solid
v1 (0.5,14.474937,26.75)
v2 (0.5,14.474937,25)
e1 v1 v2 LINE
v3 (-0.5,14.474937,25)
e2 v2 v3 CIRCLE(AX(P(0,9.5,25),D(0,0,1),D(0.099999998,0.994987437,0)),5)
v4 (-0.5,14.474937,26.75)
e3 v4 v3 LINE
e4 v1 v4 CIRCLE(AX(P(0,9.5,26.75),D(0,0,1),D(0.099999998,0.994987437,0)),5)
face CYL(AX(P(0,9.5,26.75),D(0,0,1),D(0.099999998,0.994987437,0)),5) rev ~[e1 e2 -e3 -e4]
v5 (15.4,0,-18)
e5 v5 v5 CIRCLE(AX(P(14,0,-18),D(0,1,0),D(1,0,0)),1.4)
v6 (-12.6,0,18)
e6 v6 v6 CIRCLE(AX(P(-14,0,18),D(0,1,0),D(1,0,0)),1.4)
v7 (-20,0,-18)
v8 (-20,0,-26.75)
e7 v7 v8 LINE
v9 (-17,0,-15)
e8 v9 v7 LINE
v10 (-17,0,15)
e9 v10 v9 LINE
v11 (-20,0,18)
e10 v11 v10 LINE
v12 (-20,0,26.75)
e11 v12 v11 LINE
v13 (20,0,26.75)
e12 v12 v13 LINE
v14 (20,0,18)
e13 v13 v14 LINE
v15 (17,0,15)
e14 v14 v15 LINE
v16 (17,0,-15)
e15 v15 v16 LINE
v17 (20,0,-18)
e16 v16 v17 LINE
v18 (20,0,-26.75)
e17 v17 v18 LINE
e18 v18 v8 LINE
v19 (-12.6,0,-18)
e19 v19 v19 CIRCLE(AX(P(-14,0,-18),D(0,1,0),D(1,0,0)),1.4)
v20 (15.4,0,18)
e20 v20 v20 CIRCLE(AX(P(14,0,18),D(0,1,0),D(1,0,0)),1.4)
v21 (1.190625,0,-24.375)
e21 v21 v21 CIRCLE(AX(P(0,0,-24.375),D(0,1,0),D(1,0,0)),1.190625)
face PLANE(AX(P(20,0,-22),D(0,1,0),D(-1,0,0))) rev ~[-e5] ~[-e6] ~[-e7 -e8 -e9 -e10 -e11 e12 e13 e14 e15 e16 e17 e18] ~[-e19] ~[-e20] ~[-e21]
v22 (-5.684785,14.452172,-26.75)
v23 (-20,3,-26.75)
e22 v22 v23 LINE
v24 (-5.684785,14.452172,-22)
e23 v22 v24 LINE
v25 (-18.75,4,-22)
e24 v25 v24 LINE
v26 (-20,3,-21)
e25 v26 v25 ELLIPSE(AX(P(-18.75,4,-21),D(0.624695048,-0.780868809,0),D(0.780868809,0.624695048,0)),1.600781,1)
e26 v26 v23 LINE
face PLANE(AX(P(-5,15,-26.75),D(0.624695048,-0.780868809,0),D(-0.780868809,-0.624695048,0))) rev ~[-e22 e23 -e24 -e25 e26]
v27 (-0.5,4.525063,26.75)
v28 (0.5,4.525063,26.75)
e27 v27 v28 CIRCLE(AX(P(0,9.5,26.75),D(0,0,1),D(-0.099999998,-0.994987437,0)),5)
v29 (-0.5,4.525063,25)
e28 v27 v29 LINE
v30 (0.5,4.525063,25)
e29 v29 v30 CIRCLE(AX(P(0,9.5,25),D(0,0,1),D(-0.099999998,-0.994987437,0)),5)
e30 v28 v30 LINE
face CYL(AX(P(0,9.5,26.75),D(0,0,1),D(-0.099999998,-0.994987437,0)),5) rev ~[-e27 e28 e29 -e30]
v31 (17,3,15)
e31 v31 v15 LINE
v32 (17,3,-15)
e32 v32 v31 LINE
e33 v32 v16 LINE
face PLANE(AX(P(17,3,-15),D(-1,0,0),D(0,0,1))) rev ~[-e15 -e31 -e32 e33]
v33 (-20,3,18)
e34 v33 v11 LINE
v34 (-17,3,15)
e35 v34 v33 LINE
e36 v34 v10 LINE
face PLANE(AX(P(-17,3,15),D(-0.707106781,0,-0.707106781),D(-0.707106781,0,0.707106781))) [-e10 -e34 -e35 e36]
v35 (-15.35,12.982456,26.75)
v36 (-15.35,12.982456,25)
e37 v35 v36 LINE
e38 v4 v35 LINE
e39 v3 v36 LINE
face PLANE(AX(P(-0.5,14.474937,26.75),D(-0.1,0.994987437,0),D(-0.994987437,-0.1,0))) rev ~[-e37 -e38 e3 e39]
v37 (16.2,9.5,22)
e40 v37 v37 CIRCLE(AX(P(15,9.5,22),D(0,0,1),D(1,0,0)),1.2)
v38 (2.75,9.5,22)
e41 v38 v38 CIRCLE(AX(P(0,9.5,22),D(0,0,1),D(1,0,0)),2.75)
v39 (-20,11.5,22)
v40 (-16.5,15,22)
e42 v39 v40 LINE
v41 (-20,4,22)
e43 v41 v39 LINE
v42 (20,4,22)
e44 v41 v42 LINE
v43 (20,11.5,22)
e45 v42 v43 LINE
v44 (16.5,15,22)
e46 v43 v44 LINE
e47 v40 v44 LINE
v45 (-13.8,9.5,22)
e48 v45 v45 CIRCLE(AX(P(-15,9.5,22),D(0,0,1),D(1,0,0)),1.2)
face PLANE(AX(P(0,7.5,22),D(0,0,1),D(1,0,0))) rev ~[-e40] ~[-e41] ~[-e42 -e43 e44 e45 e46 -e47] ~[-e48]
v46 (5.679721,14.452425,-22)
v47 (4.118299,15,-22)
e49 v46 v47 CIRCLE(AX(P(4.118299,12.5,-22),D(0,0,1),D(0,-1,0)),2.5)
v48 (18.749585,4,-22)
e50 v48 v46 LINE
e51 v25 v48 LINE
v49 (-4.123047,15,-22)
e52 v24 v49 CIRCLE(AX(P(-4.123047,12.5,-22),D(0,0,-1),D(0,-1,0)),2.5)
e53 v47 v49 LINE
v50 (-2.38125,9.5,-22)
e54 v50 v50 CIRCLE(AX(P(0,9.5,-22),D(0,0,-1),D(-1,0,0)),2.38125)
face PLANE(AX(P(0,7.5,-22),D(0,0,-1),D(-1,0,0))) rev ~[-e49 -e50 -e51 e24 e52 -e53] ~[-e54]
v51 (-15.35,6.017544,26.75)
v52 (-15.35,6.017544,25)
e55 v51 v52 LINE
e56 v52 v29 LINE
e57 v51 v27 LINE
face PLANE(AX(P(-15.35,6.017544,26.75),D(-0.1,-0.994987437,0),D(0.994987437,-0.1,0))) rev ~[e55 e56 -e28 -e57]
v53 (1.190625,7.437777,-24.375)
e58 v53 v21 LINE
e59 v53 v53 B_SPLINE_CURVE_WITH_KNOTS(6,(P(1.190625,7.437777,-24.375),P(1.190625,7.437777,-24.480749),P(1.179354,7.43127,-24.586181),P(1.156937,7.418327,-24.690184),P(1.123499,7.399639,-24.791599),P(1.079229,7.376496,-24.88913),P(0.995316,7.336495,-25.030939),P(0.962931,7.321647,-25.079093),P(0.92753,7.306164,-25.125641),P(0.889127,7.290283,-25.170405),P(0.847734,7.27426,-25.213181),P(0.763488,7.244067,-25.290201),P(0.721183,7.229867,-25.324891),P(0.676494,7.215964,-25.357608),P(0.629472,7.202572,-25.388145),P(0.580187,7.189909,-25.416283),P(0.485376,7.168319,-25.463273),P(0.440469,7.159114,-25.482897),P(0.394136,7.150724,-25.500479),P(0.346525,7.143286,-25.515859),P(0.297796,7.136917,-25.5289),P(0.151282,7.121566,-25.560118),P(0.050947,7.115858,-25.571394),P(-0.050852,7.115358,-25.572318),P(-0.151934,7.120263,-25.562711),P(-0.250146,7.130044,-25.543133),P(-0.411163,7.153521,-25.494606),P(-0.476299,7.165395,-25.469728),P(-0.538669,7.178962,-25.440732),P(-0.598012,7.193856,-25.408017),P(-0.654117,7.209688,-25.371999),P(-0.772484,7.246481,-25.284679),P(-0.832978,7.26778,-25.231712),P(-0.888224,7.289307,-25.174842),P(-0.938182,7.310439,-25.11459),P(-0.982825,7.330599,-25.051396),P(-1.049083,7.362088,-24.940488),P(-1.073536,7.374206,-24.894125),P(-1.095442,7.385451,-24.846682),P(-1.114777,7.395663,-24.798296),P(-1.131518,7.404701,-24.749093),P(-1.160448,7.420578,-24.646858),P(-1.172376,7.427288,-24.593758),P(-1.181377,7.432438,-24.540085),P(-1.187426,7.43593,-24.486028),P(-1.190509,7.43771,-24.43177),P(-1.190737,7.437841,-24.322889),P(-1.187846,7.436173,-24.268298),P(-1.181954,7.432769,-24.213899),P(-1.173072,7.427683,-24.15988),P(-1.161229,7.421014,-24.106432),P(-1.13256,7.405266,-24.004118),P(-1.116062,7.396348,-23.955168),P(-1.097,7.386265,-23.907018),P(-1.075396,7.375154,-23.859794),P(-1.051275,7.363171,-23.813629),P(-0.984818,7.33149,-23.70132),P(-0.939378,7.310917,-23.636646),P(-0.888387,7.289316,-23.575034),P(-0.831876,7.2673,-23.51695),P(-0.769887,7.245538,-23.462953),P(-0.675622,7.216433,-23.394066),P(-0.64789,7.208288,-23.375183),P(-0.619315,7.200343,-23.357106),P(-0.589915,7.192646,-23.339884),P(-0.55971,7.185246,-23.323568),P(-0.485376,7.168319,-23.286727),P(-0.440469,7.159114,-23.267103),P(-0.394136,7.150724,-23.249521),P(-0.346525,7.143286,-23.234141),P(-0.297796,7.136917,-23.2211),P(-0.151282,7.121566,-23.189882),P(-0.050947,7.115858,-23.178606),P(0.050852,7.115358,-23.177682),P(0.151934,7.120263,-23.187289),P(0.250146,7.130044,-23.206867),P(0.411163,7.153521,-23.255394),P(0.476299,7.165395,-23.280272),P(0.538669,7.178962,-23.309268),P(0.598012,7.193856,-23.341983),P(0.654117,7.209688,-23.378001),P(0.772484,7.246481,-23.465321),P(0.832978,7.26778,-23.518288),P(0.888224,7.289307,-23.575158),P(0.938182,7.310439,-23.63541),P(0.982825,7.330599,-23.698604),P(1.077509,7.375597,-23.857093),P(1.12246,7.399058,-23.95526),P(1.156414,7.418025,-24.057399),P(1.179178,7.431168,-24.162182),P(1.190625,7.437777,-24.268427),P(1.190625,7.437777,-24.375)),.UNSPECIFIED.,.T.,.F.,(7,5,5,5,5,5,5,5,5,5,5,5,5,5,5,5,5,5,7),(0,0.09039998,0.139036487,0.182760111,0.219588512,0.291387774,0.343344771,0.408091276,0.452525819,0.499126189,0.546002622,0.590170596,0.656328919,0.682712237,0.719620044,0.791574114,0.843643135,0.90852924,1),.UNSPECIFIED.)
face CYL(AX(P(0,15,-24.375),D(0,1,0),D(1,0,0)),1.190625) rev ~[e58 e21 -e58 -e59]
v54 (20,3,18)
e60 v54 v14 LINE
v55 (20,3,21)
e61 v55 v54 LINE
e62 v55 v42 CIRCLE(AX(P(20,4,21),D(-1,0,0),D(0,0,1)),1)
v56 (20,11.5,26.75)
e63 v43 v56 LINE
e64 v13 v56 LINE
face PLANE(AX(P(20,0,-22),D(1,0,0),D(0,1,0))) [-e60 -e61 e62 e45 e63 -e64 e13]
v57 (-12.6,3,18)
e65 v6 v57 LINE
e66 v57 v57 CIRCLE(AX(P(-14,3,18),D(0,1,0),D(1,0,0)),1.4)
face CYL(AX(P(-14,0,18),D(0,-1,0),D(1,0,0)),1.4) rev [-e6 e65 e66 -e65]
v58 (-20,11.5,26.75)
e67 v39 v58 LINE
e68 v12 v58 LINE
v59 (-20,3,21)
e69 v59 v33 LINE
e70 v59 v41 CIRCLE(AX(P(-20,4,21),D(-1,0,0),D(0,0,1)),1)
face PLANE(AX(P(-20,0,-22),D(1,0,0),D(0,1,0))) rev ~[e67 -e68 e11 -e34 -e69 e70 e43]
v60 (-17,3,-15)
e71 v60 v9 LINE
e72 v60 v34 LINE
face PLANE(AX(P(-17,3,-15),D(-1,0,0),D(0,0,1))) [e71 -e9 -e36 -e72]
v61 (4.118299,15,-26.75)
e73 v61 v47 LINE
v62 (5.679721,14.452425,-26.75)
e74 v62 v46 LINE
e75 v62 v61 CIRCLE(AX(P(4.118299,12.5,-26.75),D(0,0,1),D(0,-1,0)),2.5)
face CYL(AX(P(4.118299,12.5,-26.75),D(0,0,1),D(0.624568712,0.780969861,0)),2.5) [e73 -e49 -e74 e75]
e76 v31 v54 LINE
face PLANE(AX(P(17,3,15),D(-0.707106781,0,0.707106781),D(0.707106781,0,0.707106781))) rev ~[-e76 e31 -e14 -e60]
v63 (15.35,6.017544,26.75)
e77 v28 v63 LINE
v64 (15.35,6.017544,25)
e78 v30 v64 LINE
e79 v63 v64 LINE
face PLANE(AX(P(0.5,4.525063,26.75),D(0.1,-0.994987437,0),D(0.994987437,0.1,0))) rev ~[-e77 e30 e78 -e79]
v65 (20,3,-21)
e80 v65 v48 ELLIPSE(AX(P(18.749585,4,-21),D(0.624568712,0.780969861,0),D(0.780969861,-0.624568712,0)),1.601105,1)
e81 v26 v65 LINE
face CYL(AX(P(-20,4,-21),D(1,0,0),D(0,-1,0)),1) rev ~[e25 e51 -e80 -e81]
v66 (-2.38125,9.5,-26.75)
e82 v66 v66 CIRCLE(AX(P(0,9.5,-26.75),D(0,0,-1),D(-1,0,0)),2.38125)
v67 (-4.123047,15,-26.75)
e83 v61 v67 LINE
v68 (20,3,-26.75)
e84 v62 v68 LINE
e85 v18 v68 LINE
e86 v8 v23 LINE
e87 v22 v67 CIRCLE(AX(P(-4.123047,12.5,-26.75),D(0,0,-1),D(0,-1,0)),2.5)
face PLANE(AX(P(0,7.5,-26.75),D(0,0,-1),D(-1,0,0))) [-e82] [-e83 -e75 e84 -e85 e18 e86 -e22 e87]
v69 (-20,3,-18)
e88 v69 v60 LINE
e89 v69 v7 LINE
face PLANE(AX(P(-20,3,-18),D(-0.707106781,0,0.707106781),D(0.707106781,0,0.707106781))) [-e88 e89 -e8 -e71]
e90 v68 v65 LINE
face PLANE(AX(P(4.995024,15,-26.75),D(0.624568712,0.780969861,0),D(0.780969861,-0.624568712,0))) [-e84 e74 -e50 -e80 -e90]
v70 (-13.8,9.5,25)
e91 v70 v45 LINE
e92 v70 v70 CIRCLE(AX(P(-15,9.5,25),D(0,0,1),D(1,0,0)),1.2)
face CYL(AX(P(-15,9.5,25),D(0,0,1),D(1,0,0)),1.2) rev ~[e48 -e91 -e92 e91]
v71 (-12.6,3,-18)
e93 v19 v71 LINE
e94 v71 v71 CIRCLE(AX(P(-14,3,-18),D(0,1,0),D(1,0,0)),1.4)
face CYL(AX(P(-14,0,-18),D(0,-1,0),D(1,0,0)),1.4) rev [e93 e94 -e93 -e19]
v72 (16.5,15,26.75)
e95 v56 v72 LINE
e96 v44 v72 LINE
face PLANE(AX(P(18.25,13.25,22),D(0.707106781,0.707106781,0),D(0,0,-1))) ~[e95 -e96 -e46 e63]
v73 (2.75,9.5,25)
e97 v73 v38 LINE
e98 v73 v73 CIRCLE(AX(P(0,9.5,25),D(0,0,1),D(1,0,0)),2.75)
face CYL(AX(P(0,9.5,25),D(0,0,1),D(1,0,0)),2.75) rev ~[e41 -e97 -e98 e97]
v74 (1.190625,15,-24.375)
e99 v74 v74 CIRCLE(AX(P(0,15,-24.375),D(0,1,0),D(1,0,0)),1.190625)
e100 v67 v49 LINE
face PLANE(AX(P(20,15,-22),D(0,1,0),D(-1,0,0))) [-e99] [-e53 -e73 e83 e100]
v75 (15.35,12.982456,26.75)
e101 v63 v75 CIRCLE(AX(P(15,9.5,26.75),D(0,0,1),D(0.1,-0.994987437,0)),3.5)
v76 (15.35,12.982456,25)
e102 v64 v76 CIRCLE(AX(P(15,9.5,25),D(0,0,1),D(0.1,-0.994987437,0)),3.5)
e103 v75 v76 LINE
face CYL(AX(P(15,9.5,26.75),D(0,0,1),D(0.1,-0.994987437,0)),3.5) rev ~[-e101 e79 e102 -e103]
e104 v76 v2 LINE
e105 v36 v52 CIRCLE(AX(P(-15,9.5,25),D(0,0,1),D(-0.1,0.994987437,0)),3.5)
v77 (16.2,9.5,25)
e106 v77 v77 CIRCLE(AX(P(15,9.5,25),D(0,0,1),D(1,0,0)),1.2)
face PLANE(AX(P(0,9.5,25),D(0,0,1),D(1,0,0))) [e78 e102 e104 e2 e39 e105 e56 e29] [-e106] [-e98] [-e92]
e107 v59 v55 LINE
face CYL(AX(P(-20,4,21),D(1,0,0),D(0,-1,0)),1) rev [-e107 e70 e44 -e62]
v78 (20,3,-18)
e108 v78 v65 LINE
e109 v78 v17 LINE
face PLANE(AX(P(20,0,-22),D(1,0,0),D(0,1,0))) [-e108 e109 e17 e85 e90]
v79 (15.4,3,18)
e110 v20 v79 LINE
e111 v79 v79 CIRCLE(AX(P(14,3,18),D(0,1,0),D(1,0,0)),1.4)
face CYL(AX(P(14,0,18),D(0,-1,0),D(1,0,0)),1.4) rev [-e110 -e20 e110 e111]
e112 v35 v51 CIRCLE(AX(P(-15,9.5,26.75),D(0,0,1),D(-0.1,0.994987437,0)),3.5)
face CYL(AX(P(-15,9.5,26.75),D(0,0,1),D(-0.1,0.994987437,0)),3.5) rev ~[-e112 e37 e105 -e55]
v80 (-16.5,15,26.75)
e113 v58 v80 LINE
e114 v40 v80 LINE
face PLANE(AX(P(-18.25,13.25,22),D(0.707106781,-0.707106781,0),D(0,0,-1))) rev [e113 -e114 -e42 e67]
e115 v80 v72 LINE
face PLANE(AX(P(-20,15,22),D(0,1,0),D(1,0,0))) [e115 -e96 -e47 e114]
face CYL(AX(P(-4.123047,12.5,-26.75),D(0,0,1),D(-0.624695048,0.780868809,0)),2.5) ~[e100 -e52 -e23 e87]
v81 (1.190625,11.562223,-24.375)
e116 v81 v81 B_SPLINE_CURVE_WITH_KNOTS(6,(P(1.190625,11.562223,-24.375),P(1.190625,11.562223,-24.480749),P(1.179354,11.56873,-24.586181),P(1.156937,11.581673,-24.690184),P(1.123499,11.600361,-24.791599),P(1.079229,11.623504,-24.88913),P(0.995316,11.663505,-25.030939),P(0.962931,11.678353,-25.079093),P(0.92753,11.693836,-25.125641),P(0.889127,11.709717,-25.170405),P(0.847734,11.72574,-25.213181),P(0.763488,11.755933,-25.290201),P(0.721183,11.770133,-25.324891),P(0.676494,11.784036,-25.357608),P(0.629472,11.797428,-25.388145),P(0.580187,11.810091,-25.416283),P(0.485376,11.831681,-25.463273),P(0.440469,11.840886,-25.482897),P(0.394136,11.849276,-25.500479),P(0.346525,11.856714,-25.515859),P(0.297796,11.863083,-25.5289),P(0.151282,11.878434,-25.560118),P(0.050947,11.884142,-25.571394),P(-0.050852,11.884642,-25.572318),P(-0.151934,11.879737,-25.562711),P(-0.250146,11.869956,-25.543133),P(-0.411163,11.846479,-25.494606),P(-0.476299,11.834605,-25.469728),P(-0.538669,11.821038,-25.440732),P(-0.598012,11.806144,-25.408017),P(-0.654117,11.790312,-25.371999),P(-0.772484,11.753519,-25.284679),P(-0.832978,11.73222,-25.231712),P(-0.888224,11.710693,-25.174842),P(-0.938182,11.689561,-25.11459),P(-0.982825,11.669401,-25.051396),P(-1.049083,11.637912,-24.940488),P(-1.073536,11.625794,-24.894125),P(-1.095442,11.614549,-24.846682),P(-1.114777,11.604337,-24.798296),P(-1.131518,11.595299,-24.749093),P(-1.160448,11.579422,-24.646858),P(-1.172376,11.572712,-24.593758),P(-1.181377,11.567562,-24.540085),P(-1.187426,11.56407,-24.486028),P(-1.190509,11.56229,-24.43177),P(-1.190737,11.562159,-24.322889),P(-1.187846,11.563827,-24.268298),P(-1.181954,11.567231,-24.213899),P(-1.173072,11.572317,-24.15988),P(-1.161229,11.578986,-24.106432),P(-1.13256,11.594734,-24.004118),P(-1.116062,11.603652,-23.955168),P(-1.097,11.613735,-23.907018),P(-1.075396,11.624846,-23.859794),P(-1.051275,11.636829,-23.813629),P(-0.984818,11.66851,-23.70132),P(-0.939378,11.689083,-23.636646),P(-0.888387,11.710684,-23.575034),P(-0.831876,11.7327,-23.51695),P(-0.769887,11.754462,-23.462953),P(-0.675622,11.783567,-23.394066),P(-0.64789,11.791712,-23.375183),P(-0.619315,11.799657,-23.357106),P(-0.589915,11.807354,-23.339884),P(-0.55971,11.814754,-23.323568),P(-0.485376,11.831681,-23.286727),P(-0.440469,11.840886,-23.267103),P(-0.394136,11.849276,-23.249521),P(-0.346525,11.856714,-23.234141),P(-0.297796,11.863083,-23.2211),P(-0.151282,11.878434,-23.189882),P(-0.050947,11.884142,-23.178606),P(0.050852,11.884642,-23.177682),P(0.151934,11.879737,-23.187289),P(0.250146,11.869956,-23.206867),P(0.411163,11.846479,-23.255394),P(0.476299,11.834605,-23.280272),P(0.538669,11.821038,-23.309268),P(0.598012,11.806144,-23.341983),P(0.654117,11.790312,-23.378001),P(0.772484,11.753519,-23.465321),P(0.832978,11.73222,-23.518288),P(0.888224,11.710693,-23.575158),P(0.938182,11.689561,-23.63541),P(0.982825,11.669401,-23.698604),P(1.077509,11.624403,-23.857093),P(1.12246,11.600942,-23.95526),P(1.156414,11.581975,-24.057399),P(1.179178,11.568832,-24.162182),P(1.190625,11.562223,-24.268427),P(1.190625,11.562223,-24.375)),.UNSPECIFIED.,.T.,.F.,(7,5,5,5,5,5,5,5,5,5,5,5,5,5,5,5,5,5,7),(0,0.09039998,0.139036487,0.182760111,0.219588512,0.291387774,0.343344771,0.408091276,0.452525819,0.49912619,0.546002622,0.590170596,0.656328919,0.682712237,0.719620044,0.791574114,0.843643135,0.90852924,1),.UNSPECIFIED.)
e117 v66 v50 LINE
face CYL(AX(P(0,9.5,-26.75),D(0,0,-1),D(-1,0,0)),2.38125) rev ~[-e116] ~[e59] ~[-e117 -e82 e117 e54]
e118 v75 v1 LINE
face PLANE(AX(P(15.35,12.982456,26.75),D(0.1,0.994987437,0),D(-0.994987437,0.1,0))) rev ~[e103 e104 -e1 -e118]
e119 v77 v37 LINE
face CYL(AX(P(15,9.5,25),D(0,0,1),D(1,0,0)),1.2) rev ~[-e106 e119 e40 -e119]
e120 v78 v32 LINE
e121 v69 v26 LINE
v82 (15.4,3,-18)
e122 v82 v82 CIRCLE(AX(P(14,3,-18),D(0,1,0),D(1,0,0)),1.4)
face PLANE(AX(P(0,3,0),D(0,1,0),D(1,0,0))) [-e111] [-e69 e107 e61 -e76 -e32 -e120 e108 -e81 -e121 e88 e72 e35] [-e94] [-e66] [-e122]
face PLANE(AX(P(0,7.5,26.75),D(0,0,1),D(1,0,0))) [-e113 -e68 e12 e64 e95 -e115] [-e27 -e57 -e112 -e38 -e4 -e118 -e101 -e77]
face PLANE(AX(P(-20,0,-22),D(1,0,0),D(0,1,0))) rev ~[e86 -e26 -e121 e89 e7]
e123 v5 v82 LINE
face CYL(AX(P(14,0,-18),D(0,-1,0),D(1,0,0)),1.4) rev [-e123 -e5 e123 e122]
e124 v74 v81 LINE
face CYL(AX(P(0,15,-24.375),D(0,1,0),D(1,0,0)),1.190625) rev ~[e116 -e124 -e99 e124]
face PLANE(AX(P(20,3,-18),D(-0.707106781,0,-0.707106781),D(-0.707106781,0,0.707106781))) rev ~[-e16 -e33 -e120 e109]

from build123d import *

# Parameters (mm, degrees)
SKETCH1_W           = 40
SKETCH1_H           = 44
SKETCH1_R           = 1.4
BOSS_EXTRUDE1_DEPTH = 3
SKETCH2_W           = 40
SKETCH2_H           = 15
BOSS_EXTRUDE2_DEPTH = 4.75
SKETCH3_W           = 40
SKETCH3_H           = 15
BOSS_EXTRUDE3_DEPTH = 4.75
CUT_EXTRUDE1_DEPTH  = 1.75
CUT_EXTRUDE2_REACH  = 53.75
SKETCH5_R           = 1.2
SKETCH5_R_2         = 2.75
CUT_EXTRUDE3_REACH  = 55.5
SKETCH6_R           = 2.38125
SKETCH7_R           = 1.190625
CUT_EXTRUDE4_DEPTH  = 16
CUT_EXTRUDE5_REACH  = 5
CUT_EXTRUDE6_REACH  = 55.5
FILLET1_R           = 1
CHAMFER1_SIZE       = 3.5
FILLET2_R           = 2.5


with BuildPart() as part:
    # Sketch1 → Boss-Extrude1 (new body)
    with BuildSketch(Plane(origin=(0, 0, 0), x_dir=(1, 0, 0), z_dir=(0, 1, 0))):
        Rectangle(SKETCH1_W, SKETCH1_H)
        with Locations((-14, 18)):
            Circle(SKETCH1_R, mode=Mode.SUBTRACT)
        with Locations((14, 18)):
            Circle(SKETCH1_R, mode=Mode.SUBTRACT)
        with Locations((-14, -18)):
            Circle(SKETCH1_R, mode=Mode.SUBTRACT)
        with Locations((14, -18)):
            Circle(SKETCH1_R, mode=Mode.SUBTRACT)
    extrude(amount=BOSS_EXTRUDE1_DEPTH)

    # Sketch2 → Boss-Extrude2 (add)
    with BuildSketch(Plane.XY.offset(22)):
        with Locations((0, 7.5)):
            Rectangle(SKETCH2_W, SKETCH2_H)
    extrude(amount=BOSS_EXTRUDE2_DEPTH)

    # Sketch3 → Boss-Extrude3 (add)
    with BuildSketch(Plane(origin=(0, 0, -22), x_dir=(-1, 0, 0), z_dir=(0, 0, -1))):
        with Locations((0, 7.5)):
            Rectangle(SKETCH3_W, SKETCH3_H)
    extrude(amount=BOSS_EXTRUDE3_DEPTH)

    # Sketch4 → Cut-Extrude1 (cut)
    with BuildSketch(Plane.XY.offset(26.75)):
        with BuildLine():
            Line((15.35, 12.98245603), (0.5, 14.474937186))
            ThreePointArc((0.5, 14.474937186), (0, 14.5), (-0.5, 14.474937186))
            Line((-0.5, 14.474937186), (-15.35, 12.98245603))
            ThreePointArc((-15.35, 12.98245603), (-18.5, 9.5), (-15.35, 6.01754397))
            Line((-15.35, 6.01754397), (-0.5, 4.525062814))
            ThreePointArc((-0.5, 4.525062814), (0, 4.5), (0.5, 4.525062814))
            Line((0.5, 4.525062814), (15.35, 6.01754397))
            ThreePointArc((15.35, 6.01754397), (18.5, 9.5), (15.35, 12.98245603))
        make_face()
    extrude(amount=-CUT_EXTRUDE1_DEPTH, mode=Mode.SUBTRACT)

    # Sketch5 → Cut-Extrude2 (cut, up to next)
    with BuildSketch(Plane.XY.offset(25), mode=Mode.PRIVATE) as cut_extrude2_sk1:
        with Locations((-15, 9.5)):
            Circle(SKETCH5_R)
    cut_extrude2_tool1 = extrude(cut_extrude2_sk1.sketch, amount=-CUT_EXTRUDE2_REACH, mode=Mode.PRIVATE) & part.part
    add(cut_extrude2_tool1.solids().sort_by_distance((-15, 9.5, 25))[0], mode=Mode.SUBTRACT)
    # Sketch5 → Cut-Extrude2 (cut, up to next)
    with BuildSketch(Plane.XY.offset(25), mode=Mode.PRIVATE) as cut_extrude2_sk2:
        with Locations((15, 9.5)):
            Circle(SKETCH5_R)
    cut_extrude2_tool2 = extrude(cut_extrude2_sk2.sketch, amount=-CUT_EXTRUDE2_REACH, mode=Mode.PRIVATE) & part.part
    add(cut_extrude2_tool2.solids().sort_by_distance((15, 9.5, 25))[0], mode=Mode.SUBTRACT)
    # Sketch5 → Cut-Extrude2 (cut, up to next)
    with BuildSketch(Plane.XY.offset(25), mode=Mode.PRIVATE) as cut_extrude2_sk3:
        with Locations((0, 9.5)):
            Circle(SKETCH5_R_2)
    cut_extrude2_tool3 = extrude(cut_extrude2_sk3.sketch, amount=-CUT_EXTRUDE2_REACH, mode=Mode.PRIVATE) & part.part
    add(cut_extrude2_tool3.solids().sort_by_distance((0, 9.5, 25))[0], mode=Mode.SUBTRACT)

    # Sketch6 → Cut-Extrude3 (cut, up to next)
    with BuildSketch(Plane(origin=(0, 0, -26.75), x_dir=(-1, 0, 0), z_dir=(0, 0, -1)), mode=Mode.PRIVATE) as cut_extrude3_sk1:
        with Locations((0, 9.5)):
            Circle(SKETCH6_R)
    cut_extrude3_tool1 = extrude(cut_extrude3_sk1.sketch, amount=-CUT_EXTRUDE3_REACH, mode=Mode.PRIVATE) & part.part
    add(cut_extrude3_tool1.solids().sort_by_distance((0, 9.5, -26.75))[0], mode=Mode.SUBTRACT)

    # Sketch7 → Cut-Extrude4 (cut, through all)
    with BuildSketch(Plane(origin=(0, 15, 0), x_dir=(1, 0, 0), z_dir=(0, 1, 0))):
        with Locations((0, 24.375)):
            Circle(SKETCH7_R)
    extrude(amount=-CUT_EXTRUDE4_DEPTH, mode=Mode.SUBTRACT)

    # Sketch8 → Cut-Extrude5 (cut, up to next)
    with BuildSketch(Plane(origin=(0, 3, 0), x_dir=(1, 0, 0), z_dir=(0, 1, 0)), mode=Mode.PRIVATE) as cut_extrude5_sk1:
        Polygon((-20, 18), (-17, 15), (-17, -15), (-20, -18), align=None)
    cut_extrude5_tool1 = extrude(cut_extrude5_sk1.sketch, amount=-CUT_EXTRUDE5_REACH, mode=Mode.PRIVATE) & part.part
    add(cut_extrude5_tool1.solids().sort_by_distance((-18.545455, 3, 0))[0], mode=Mode.SUBTRACT)
    # Sketch8 → Cut-Extrude5 (cut, up to next)
    with BuildSketch(Plane(origin=(0, 3, 0), x_dir=(1, 0, 0), z_dir=(0, 1, 0)), mode=Mode.PRIVATE) as cut_extrude5_sk2:
        Polygon((17, -15), (20, -18), (20, 18), (17, 15), align=None)
    cut_extrude5_tool2 = extrude(cut_extrude5_sk2.sketch, amount=-CUT_EXTRUDE5_REACH, mode=Mode.PRIVATE) & part.part
    add(cut_extrude5_tool2.solids().sort_by_distance((18.545455, 3, 0))[0], mode=Mode.SUBTRACT)

    # Sketch9 → Cut-Extrude6 (cut, up to next)
    with BuildSketch(Plane(origin=(0, 0, -26.75), x_dir=(-1, 0, 0), z_dir=(0, 0, -1)), mode=Mode.PRIVATE) as cut_extrude6_sk1:
        Polygon((-20, 15), (-4.995024308, 15), (-20, 3), align=None)
    cut_extrude6_tool1 = extrude(cut_extrude6_sk1.sketch, amount=-CUT_EXTRUDE6_REACH, mode=Mode.PRIVATE) & part.part
    add(cut_extrude6_tool1.solids().sort_by_distance((14.998341, 11, -26.75))[0], mode=Mode.SUBTRACT)
    # Sketch9 → Cut-Extrude6 (cut, up to next)
    with BuildSketch(Plane(origin=(0, 0, -26.75), x_dir=(-1, 0, 0), z_dir=(0, 0, -1)), mode=Mode.PRIVATE) as cut_extrude6_sk2:
        Polygon((20, 15), (5, 15), (20, 3), align=None)
    cut_extrude6_tool2 = extrude(cut_extrude6_sk2.sketch, amount=-CUT_EXTRUDE6_REACH, mode=Mode.PRIVATE) & part.part
    add(cut_extrude6_tool2.solids().sort_by_distance((-15, 11, -26.75))[0], mode=Mode.SUBTRACT)

    # Fillet1
    fillet1_edges = [part.edges().sort_by_distance(p)[0] for p in [
        (0, 3, -22),
        (0, 3, 22),
    ]]
    fillet(fillet1_edges, radius=FILLET1_R)

    # Chamfer1
    chamfer1_edges = [part.edges().sort_by_distance(p)[0] for p in [
        (-20, 15, 24.375),
        (20, 15, 24.375),
    ]]
    chamfer(chamfer1_edges, length=CHAMFER1_SIZE)

    # Fillet2
    fillet2_edges = [part.edges().sort_by_distance(p)[0] for p in [
        (4.995024308, 15, -24.375),
        (-5, 15, -24.375),
    ]]
    fillet(fillet2_edges, radius=FILLET2_R)


solid = part.part
